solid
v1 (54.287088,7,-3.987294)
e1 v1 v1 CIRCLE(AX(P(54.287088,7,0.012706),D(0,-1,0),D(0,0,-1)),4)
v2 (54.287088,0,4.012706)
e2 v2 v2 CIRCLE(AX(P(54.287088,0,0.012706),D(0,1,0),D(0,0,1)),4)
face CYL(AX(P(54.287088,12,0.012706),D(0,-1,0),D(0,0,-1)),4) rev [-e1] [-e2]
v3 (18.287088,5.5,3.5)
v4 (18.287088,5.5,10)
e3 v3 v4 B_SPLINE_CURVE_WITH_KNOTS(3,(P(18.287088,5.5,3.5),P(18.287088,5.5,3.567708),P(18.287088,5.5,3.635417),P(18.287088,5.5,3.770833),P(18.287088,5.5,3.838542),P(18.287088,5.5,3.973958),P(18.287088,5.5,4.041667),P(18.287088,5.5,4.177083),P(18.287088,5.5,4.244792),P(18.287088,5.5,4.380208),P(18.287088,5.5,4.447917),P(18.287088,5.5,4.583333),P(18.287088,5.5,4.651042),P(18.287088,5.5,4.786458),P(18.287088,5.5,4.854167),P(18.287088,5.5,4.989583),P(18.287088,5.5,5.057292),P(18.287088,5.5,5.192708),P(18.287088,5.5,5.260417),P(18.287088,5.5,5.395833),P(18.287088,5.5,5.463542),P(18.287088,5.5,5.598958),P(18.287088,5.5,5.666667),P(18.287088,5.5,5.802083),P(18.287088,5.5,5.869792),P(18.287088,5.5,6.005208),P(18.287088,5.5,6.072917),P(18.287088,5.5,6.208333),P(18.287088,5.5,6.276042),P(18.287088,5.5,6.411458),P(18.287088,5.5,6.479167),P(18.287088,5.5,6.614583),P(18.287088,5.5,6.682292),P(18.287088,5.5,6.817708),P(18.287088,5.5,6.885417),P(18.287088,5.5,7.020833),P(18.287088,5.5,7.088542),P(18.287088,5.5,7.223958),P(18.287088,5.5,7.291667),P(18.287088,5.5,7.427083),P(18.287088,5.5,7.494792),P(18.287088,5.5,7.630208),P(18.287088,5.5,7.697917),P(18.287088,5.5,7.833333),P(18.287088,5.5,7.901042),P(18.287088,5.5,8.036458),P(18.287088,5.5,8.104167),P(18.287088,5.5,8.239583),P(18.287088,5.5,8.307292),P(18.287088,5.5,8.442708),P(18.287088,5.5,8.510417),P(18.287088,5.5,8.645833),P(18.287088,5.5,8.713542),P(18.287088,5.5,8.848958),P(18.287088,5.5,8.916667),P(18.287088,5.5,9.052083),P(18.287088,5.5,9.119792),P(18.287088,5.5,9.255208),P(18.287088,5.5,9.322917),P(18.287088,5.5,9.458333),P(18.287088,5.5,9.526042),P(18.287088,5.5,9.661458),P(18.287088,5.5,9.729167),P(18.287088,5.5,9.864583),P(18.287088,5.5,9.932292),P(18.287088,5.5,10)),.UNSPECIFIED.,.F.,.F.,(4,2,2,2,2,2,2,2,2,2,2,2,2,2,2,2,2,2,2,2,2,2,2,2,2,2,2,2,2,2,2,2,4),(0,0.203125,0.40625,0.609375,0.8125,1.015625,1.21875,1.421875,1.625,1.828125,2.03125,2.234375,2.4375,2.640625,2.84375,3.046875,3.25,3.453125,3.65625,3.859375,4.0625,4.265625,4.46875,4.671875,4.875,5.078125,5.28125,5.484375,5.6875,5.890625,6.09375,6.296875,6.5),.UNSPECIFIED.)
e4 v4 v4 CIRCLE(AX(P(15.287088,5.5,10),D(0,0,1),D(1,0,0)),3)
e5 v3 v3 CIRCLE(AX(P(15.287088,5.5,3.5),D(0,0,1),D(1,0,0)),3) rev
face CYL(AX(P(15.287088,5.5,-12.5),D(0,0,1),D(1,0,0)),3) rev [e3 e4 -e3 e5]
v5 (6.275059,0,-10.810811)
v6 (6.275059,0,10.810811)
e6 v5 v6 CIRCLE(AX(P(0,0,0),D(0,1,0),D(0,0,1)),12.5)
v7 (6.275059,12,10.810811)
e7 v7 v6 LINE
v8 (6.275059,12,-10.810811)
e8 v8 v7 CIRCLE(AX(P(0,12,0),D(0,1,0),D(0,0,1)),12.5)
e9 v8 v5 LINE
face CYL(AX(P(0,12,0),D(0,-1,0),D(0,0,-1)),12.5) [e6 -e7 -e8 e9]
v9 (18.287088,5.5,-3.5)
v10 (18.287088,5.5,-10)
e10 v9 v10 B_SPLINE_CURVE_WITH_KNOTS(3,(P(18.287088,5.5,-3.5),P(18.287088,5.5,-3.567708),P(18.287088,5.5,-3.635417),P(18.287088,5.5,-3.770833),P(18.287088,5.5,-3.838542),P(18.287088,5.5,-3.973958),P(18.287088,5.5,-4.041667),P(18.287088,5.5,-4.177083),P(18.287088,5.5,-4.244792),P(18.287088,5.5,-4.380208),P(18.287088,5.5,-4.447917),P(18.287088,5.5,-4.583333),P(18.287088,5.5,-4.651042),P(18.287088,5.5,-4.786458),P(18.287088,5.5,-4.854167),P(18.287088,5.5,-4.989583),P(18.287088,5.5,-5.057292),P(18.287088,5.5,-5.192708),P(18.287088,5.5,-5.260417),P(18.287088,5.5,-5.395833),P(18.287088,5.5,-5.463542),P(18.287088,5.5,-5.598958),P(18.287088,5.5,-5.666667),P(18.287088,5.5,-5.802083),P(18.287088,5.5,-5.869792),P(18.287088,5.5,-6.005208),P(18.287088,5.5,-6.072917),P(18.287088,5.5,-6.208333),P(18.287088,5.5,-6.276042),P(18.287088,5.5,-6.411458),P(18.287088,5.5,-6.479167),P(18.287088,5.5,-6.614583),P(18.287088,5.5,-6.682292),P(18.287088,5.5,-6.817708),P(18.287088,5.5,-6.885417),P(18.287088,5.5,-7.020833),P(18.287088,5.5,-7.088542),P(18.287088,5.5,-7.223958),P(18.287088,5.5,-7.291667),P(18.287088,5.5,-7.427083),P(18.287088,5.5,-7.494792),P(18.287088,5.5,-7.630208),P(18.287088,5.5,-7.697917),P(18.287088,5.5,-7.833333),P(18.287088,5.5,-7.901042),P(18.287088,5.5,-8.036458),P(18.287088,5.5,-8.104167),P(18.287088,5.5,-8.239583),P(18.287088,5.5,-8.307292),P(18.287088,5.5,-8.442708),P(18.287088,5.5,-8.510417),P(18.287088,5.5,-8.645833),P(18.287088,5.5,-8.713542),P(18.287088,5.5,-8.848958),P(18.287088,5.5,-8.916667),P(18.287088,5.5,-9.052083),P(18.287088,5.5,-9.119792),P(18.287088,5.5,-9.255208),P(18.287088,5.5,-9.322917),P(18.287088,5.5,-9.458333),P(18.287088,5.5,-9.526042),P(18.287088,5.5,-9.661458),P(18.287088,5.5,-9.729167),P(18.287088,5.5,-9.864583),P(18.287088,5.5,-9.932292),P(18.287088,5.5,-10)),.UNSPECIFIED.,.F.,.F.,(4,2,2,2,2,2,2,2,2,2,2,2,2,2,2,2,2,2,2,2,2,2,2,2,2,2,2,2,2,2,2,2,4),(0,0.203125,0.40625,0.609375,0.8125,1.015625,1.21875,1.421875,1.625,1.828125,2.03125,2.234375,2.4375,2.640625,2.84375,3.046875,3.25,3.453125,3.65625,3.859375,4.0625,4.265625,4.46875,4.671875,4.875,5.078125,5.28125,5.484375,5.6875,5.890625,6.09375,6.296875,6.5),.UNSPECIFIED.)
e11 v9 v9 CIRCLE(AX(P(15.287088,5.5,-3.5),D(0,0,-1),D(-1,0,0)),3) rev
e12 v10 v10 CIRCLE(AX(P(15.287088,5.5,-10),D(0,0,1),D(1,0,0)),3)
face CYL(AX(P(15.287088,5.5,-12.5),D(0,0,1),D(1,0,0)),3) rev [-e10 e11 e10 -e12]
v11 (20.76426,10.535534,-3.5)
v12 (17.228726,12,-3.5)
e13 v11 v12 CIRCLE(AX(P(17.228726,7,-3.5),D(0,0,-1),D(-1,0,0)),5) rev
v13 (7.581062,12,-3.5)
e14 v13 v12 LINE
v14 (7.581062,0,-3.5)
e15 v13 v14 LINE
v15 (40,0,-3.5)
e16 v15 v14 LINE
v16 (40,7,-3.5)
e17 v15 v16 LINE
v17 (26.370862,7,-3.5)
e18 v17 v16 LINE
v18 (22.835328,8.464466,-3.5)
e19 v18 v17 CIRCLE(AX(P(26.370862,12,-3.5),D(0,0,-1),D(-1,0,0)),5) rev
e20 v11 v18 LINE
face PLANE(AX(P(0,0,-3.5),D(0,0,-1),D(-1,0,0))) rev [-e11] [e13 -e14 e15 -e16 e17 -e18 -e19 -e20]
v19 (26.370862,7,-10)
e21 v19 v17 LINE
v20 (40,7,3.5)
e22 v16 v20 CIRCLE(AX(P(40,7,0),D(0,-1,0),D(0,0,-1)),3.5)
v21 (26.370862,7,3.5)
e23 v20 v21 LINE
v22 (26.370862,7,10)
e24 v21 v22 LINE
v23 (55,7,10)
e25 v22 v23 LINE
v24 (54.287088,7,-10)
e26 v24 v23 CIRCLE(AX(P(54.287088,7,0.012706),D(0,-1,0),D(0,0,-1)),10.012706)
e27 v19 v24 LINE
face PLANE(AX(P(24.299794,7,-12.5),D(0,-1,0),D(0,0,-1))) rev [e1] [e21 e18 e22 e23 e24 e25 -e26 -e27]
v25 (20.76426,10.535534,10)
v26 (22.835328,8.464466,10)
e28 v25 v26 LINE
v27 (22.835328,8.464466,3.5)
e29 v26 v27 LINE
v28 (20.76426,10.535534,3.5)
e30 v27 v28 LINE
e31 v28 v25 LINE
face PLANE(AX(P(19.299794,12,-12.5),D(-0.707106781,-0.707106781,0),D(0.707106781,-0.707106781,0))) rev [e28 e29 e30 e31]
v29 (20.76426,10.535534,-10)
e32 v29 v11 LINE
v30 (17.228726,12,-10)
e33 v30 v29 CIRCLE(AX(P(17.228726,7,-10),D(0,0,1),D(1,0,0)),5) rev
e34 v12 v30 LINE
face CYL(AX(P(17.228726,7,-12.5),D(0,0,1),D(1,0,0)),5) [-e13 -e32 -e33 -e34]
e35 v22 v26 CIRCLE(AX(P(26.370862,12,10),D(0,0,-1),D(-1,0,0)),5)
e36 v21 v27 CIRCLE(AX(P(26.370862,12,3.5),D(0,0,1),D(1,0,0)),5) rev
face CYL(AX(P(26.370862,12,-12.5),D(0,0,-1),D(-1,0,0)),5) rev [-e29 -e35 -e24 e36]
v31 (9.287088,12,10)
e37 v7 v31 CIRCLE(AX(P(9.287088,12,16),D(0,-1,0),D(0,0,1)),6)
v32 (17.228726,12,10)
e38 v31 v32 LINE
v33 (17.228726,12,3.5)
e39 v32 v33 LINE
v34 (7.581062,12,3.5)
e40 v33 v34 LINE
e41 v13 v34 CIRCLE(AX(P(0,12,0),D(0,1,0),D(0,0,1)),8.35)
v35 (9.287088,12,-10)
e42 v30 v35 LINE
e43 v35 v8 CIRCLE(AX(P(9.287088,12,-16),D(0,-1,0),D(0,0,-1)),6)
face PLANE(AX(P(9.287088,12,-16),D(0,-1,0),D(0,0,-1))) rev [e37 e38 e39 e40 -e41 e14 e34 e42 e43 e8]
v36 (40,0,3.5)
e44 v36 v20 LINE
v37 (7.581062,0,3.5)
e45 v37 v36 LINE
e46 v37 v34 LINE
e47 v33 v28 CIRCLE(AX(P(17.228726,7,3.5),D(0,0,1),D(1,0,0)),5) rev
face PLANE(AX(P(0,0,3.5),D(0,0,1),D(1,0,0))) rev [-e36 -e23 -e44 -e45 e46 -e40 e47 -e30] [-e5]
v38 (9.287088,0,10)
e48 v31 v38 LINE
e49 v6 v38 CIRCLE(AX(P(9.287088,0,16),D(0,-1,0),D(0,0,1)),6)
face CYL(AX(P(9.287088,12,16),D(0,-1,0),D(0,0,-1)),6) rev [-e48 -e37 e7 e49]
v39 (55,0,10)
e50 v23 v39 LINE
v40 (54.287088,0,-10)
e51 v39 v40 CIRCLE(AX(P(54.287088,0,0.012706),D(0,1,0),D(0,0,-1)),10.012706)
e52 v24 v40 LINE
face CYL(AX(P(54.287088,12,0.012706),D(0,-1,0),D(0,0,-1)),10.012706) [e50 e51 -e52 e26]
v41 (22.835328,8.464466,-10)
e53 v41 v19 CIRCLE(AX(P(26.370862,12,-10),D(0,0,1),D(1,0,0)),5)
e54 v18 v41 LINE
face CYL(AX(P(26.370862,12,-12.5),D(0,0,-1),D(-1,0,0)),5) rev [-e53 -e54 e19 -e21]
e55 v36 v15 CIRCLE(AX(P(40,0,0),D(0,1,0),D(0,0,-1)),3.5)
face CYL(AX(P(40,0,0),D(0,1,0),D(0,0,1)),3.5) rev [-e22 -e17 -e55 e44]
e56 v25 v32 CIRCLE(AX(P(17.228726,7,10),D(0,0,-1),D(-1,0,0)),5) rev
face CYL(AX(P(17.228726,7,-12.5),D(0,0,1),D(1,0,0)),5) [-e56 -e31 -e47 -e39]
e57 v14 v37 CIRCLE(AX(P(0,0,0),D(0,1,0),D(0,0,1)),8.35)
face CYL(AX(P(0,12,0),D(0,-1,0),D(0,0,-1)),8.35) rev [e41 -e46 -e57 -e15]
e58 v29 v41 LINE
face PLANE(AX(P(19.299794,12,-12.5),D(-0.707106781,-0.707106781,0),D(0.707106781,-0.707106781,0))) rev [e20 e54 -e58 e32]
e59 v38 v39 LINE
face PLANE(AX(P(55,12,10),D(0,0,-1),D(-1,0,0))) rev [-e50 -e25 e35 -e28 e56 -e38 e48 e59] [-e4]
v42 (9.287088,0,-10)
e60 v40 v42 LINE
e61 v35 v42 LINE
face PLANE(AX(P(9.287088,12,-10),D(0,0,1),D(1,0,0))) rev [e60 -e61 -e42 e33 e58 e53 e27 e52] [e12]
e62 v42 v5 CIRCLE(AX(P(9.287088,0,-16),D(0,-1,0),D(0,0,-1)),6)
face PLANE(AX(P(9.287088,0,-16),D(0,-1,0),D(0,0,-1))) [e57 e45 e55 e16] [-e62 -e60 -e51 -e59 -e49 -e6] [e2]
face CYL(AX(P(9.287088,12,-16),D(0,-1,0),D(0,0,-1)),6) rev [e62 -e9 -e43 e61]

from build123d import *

# Parameters (mm, degrees)
SKETCH1_R               = 8.35
SKETCH1_R_2             = 4
BOSS_EXTRUDE1_DEPTH     = 12
CUT_EXTRUDE1_DEPTH      = 70.17162349
SKETCH4_R               = 3
CUT_EXTRUDE3_DEPTH      = 70.17162349
FILLET2_R               = 5
CUT_EXTRUDE4_DEPTH      = 67.593644564
CUT_EXTRUDE4_DEPTH_BACK = 67.593644564


with BuildPart() as part:
    # Sketch1 → Boss-Extrude1 (new body)
    with BuildSketch(Plane(origin=(0, 0, 0), x_dir=(1, 0, 0), z_dir=(0, 1, 0))):
        with BuildLine():
            Line((9.287087811, 10), (54.287087811, 10))
            ThreePointArc((54.287087811, 10), (64.293438841, 0.343976386), (55, -10))
            Line((55, -10), (9.287087811, -10))
            ThreePointArc((9.287087811, -10), (7.727462076, -10.20624754), (6.275059331, -10.810810811))
            ThreePointArc((6.275059331, -10.810810811), (-12.5, 0), (6.275059331, 10.810810811))
            ThreePointArc((6.275059331, 10.810810811), (7.727462076, 10.20624754), (9.287087811, 10))
        make_face()
        with Locations(Location((0, 0, 0), (0, 0, 270))):
            Circle(SKETCH1_R, mode=Mode.SUBTRACT)
        with Locations(Location((54.287087811, -0.012706095, 0), (0, 0, 270))):
            Circle(SKETCH1_R_2, mode=Mode.SUBTRACT)
    extrude(amount=BOSS_EXTRUDE1_DEPTH)

    # Sketch2 → Cut-Extrude1 (cut, through all)
    with BuildSketch(Plane.XY.offset(10)):
        Polygon((19.299793905, 12), (24.299793905, 7), (64.299793905, 7), (64.299793905, 12), align=None)
    extrude(amount=-CUT_EXTRUDE1_DEPTH, mode=Mode.SUBTRACT)

    # Sketch4 → Cut-Extrude3 (cut, through all)
    with BuildSketch(Plane.XY.offset(10)):
        with Locations((15.287087811, 5.5)):
            Circle(SKETCH4_R)
    extrude(amount=-CUT_EXTRUDE3_DEPTH, mode=Mode.SUBTRACT)

    # Fillet2
    fillet2_edges = [part.edges().sort_by_distance(p)[0] for p in [
        (24.299793905, 7, 0),
        (19.299793905, 12, 0),
    ]]
    fillet(fillet2_edges, radius=FILLET2_R)

    # Sketch5 → Cut-Extrude4 (cut, two sides: drawn at the far end of the back side and taken through both)
    with BuildSketch(Plane(origin=(0, 12, 0), x_dir=(1, 0, 0), z_dir=(0, 1, 0)).offset(-CUT_EXTRUDE4_DEPTH_BACK)):
        with BuildLine():
            Line((0, -3.5), (40, -3.5))
            ThreePointArc((40, -3.5), (43.5, 0), (40, 3.5))
            Line((40, 3.5), (0, 3.5))
            Line((0, 3.5), (0, -3.5))
        make_face()
    extrude(amount=CUT_EXTRUDE4_DEPTH + CUT_EXTRUDE4_DEPTH_BACK, mode=Mode.SUBTRACT)


solid = part.part
